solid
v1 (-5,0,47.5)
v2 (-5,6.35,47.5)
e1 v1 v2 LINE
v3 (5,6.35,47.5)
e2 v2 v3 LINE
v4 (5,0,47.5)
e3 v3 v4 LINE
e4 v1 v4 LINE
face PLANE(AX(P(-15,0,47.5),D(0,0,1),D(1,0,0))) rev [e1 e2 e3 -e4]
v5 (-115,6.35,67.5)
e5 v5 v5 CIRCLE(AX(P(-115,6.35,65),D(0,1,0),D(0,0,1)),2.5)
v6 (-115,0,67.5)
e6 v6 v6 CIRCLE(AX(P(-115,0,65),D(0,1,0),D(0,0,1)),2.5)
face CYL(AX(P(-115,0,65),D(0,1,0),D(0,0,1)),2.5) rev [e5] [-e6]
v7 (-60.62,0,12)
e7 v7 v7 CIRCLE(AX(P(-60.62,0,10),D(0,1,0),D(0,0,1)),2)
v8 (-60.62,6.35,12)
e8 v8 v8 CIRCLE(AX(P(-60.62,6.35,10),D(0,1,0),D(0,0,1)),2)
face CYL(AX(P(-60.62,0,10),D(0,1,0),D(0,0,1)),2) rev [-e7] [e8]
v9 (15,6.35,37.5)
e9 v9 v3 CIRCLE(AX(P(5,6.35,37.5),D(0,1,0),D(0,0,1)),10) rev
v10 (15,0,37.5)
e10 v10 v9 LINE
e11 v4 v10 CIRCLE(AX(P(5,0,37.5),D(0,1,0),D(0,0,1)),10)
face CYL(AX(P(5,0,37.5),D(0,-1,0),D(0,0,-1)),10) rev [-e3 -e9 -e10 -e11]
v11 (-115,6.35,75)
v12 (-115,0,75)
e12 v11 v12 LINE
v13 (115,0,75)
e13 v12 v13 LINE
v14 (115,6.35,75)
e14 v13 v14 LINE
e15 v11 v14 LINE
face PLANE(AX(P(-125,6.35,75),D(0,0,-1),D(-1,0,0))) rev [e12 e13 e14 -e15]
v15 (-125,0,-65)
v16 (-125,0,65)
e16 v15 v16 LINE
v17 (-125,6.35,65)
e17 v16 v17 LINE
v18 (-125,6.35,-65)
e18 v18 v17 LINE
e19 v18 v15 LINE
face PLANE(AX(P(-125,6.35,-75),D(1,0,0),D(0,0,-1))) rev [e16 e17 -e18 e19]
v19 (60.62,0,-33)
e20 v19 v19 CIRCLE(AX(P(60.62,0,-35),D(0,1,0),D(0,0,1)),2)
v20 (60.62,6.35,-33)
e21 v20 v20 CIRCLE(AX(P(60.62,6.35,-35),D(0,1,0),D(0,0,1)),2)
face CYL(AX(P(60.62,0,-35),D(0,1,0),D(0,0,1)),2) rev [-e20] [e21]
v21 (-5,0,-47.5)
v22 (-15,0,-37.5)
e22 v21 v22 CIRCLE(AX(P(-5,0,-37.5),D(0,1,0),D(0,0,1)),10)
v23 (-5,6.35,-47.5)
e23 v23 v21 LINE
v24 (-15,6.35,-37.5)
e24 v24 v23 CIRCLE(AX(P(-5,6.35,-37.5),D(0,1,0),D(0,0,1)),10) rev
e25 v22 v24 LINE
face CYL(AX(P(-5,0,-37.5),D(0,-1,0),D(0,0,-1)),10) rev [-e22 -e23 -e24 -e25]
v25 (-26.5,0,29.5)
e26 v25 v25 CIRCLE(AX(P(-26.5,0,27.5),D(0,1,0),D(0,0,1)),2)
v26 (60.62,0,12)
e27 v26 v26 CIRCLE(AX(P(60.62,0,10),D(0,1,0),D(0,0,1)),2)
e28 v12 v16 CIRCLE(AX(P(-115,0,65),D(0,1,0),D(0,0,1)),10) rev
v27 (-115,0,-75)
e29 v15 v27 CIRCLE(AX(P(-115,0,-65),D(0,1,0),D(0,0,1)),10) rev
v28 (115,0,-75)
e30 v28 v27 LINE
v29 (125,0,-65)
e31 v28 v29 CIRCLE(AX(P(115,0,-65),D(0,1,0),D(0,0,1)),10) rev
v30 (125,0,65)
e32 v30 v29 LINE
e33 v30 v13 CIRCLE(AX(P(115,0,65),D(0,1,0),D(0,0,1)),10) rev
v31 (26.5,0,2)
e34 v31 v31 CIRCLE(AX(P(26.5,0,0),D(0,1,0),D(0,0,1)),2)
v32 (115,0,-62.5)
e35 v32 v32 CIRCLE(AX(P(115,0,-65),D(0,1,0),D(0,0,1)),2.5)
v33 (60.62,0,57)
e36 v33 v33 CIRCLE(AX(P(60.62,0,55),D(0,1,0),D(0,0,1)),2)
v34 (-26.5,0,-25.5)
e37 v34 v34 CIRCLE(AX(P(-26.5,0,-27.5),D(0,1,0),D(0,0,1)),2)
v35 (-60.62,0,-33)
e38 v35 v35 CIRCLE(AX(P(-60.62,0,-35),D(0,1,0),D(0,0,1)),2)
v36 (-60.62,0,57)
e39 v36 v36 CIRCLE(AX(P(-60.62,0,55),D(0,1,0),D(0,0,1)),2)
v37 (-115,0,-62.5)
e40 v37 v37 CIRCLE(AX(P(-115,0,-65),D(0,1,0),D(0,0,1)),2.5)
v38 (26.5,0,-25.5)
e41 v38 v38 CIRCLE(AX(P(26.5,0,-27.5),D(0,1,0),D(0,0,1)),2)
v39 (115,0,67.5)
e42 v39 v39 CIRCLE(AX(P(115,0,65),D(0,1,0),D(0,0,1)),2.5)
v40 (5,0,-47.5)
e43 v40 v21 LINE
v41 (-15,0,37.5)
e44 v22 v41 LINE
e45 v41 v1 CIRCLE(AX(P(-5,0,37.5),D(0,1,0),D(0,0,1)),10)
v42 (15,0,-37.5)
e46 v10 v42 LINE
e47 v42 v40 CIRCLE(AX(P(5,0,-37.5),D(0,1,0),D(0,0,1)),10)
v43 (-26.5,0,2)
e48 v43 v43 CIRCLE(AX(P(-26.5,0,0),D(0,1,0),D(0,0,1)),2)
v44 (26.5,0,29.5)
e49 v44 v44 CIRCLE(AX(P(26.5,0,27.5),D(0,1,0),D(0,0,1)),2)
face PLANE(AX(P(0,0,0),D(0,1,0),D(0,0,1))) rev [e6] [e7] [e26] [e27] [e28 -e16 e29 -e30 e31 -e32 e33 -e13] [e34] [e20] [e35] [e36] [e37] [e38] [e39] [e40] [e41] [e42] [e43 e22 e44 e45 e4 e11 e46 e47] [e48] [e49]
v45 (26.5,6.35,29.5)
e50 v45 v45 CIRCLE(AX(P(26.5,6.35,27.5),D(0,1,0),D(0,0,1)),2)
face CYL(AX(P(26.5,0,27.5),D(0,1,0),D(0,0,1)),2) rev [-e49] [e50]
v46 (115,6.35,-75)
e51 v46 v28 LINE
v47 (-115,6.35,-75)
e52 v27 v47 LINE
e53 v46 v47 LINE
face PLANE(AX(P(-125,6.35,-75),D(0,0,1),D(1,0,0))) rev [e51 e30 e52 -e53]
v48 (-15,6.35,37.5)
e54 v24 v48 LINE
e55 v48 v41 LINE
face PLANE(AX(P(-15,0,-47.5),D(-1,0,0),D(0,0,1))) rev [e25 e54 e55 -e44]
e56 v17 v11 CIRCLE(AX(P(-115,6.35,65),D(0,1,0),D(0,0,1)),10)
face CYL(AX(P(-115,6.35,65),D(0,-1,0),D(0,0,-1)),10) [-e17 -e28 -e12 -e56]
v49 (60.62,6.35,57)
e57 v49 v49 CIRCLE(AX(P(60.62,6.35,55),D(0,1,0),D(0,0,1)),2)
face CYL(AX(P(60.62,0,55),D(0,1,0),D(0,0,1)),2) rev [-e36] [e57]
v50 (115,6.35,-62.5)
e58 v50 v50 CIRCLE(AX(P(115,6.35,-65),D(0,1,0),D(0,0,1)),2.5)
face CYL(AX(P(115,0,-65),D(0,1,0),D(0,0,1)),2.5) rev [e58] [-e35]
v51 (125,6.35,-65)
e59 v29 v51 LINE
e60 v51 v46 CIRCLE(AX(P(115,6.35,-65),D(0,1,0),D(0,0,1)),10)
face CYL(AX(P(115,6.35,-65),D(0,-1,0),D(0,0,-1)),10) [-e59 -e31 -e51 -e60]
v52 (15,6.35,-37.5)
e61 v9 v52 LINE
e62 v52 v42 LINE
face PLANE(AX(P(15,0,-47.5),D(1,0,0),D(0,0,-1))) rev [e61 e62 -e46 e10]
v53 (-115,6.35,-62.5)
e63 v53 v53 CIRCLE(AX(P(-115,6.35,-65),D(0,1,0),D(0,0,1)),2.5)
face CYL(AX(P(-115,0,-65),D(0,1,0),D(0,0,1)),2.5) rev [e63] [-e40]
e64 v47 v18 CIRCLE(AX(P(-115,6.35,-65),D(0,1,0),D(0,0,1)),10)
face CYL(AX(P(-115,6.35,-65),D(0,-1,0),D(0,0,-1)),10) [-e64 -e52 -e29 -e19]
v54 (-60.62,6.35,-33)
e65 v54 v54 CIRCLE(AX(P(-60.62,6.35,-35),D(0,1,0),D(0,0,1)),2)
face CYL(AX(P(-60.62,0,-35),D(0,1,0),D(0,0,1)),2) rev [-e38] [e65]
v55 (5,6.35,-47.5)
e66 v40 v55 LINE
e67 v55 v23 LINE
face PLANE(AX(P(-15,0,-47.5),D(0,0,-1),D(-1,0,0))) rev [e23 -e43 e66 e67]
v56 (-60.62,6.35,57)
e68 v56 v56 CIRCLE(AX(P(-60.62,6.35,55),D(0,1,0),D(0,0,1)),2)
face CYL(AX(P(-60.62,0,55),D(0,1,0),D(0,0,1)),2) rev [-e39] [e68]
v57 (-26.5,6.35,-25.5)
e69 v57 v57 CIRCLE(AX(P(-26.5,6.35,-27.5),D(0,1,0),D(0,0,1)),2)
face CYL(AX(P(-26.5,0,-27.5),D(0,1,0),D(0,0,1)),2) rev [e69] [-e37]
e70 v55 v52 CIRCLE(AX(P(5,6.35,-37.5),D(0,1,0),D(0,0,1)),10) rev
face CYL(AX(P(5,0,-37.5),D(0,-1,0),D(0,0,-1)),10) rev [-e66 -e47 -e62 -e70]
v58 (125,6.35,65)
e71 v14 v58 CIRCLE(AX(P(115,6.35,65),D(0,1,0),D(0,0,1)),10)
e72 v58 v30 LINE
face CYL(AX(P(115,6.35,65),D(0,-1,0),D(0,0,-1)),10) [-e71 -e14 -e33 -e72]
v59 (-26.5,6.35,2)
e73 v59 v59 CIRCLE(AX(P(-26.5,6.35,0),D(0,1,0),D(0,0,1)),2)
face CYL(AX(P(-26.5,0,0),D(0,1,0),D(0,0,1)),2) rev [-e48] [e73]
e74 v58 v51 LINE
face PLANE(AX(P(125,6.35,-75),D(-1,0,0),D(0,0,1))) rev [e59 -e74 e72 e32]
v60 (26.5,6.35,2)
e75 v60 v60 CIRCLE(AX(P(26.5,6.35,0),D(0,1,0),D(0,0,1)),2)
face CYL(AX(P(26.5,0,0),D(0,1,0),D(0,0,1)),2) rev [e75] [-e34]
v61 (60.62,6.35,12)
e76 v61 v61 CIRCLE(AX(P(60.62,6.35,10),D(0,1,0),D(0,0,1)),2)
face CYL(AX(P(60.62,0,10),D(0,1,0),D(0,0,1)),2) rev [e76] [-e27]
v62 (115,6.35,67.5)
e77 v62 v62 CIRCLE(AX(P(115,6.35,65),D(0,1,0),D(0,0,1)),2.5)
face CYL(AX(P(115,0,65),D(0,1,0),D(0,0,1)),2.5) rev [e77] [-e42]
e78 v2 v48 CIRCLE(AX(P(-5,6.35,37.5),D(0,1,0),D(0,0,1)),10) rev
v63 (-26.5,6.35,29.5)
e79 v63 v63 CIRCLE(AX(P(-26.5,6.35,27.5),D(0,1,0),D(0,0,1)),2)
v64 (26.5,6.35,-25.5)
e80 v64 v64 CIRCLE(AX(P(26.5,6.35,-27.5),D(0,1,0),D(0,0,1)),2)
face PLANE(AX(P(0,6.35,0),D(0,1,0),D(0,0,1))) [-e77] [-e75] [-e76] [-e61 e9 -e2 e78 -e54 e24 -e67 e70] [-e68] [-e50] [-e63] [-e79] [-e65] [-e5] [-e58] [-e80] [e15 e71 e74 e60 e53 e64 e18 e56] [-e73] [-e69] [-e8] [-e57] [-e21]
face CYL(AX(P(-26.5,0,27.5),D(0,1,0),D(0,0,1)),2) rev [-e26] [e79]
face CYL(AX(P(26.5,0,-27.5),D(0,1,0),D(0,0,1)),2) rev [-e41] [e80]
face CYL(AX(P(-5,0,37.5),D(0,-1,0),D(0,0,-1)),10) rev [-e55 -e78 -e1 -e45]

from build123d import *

# Parameters (mm, degrees)
SKETCH1_W           = 250
SKETCH1_H           = 150
BOSS_EXTRUDE1_DEPTH = 6.35
SKETCH2_R           = 2.5
SKETCH2_W           = 30
SKETCH2_H           = 95
CUT_EXTRUDE1_DEPTH  = 146.912036858
FILLET1_R           = 10
SKETCH3_R           = 2
CUT_EXTRUDE2_DEPTH  = 146.912036858


with BuildPart() as part:
    # Sketch1 → Boss-Extrude1 (new body)
    with BuildSketch(Plane(origin=(0, 0, 0), x_dir=(1, 0, 0), z_dir=(0, 1, 0))):
        Rectangle(SKETCH1_W, SKETCH1_H)
    extrude(amount=BOSS_EXTRUDE1_DEPTH)

    # Sketch2 → Cut-Extrude1 (cut, through all)
    with BuildSketch(Plane(origin=(0, 6.35, 0), x_dir=(1, 0, 0), z_dir=(0, 1, 0))):
        with Locations(Location((-115, 65, 0), (0, 0, 270))):
            Circle(SKETCH2_R)
        with Locations(Location((115, 65, 0), (0, 0, 270))):
            Circle(SKETCH2_R)
        with Locations(Location((115, -65, 0), (0, 0, 270))):
            Circle(SKETCH2_R)
        with Locations(Location((-115, -65, 0), (0, 0, 270))):
            Circle(SKETCH2_R)
        Rectangle(SKETCH2_W, SKETCH2_H)
    extrude(amount=-CUT_EXTRUDE1_DEPTH, mode=Mode.SUBTRACT)

    # Fillet1
    fillet1_edges = [part.edges().sort_by_distance(p)[0] for p in [
        (-15, 3.175, 47.5),
        (-15, 3.175, -47.5),
        (15, 3.175, -47.5),
        (15, 3.175, 47.5),
        (-125, 3.175, -75),
        (125, 3.175, -75),
        (125, 3.175, 75),
        (-125, 3.175, 75),
    ]]
    fillet(fillet1_edges, radius=FILLET1_R)

    # Sketch3 → Cut-Extrude2 (cut, through all)
    with BuildSketch(Plane(origin=(0, 6.35, 0), x_dir=(1, 0, 0), z_dir=(0, 1, 0))):
        with Locations(Location((-60.62, 35, 0), (0, 0, 270))):
            Circle(SKETCH3_R)
        with Locations(Location((-60.62, -10, 0), (0, 0, 270))):
            Circle(SKETCH3_R)
        with Locations(Location((-60.62, -55, 0), (0, 0, 270))):
            Circle(SKETCH3_R)
        with Locations(Location((60.62, 35, 0), (0, 0, 270))):
            Circle(SKETCH3_R)
        with Locations(Location((60.62, -10, 0), (0, 0, 270))):
            Circle(SKETCH3_R)
        with Locations(Location((60.62, -55, 0), (0, 0, 270))):
            Circle(SKETCH3_R)
        with Locations(Location((-26.5, 27.5, 0), (0, 0, 270))):
            Circle(SKETCH3_R)
        with Locations(Location((-26.5, -27.5, 0), (0, 0, 270))):
            Circle(SKETCH3_R)
        with Locations(Location((26.5, -27.5, 0), (0, 0, 270))):
            Circle(SKETCH3_R)
        with Locations(Location((26.5, 27.5, 0), (0, 0, 270))):
            Circle(SKETCH3_R)
        with Locations(Location((-26.5, 0, 0), (0, 0, 270))):
            Circle(SKETCH3_R)
        with Locations(Location((26.5, 0, 0), (0, 0, 270))):
            Circle(SKETCH3_R)
    extrude(amount=-CUT_EXTRUDE2_DEPTH, mode=Mode.SUBTRACT)


solid = part.part
